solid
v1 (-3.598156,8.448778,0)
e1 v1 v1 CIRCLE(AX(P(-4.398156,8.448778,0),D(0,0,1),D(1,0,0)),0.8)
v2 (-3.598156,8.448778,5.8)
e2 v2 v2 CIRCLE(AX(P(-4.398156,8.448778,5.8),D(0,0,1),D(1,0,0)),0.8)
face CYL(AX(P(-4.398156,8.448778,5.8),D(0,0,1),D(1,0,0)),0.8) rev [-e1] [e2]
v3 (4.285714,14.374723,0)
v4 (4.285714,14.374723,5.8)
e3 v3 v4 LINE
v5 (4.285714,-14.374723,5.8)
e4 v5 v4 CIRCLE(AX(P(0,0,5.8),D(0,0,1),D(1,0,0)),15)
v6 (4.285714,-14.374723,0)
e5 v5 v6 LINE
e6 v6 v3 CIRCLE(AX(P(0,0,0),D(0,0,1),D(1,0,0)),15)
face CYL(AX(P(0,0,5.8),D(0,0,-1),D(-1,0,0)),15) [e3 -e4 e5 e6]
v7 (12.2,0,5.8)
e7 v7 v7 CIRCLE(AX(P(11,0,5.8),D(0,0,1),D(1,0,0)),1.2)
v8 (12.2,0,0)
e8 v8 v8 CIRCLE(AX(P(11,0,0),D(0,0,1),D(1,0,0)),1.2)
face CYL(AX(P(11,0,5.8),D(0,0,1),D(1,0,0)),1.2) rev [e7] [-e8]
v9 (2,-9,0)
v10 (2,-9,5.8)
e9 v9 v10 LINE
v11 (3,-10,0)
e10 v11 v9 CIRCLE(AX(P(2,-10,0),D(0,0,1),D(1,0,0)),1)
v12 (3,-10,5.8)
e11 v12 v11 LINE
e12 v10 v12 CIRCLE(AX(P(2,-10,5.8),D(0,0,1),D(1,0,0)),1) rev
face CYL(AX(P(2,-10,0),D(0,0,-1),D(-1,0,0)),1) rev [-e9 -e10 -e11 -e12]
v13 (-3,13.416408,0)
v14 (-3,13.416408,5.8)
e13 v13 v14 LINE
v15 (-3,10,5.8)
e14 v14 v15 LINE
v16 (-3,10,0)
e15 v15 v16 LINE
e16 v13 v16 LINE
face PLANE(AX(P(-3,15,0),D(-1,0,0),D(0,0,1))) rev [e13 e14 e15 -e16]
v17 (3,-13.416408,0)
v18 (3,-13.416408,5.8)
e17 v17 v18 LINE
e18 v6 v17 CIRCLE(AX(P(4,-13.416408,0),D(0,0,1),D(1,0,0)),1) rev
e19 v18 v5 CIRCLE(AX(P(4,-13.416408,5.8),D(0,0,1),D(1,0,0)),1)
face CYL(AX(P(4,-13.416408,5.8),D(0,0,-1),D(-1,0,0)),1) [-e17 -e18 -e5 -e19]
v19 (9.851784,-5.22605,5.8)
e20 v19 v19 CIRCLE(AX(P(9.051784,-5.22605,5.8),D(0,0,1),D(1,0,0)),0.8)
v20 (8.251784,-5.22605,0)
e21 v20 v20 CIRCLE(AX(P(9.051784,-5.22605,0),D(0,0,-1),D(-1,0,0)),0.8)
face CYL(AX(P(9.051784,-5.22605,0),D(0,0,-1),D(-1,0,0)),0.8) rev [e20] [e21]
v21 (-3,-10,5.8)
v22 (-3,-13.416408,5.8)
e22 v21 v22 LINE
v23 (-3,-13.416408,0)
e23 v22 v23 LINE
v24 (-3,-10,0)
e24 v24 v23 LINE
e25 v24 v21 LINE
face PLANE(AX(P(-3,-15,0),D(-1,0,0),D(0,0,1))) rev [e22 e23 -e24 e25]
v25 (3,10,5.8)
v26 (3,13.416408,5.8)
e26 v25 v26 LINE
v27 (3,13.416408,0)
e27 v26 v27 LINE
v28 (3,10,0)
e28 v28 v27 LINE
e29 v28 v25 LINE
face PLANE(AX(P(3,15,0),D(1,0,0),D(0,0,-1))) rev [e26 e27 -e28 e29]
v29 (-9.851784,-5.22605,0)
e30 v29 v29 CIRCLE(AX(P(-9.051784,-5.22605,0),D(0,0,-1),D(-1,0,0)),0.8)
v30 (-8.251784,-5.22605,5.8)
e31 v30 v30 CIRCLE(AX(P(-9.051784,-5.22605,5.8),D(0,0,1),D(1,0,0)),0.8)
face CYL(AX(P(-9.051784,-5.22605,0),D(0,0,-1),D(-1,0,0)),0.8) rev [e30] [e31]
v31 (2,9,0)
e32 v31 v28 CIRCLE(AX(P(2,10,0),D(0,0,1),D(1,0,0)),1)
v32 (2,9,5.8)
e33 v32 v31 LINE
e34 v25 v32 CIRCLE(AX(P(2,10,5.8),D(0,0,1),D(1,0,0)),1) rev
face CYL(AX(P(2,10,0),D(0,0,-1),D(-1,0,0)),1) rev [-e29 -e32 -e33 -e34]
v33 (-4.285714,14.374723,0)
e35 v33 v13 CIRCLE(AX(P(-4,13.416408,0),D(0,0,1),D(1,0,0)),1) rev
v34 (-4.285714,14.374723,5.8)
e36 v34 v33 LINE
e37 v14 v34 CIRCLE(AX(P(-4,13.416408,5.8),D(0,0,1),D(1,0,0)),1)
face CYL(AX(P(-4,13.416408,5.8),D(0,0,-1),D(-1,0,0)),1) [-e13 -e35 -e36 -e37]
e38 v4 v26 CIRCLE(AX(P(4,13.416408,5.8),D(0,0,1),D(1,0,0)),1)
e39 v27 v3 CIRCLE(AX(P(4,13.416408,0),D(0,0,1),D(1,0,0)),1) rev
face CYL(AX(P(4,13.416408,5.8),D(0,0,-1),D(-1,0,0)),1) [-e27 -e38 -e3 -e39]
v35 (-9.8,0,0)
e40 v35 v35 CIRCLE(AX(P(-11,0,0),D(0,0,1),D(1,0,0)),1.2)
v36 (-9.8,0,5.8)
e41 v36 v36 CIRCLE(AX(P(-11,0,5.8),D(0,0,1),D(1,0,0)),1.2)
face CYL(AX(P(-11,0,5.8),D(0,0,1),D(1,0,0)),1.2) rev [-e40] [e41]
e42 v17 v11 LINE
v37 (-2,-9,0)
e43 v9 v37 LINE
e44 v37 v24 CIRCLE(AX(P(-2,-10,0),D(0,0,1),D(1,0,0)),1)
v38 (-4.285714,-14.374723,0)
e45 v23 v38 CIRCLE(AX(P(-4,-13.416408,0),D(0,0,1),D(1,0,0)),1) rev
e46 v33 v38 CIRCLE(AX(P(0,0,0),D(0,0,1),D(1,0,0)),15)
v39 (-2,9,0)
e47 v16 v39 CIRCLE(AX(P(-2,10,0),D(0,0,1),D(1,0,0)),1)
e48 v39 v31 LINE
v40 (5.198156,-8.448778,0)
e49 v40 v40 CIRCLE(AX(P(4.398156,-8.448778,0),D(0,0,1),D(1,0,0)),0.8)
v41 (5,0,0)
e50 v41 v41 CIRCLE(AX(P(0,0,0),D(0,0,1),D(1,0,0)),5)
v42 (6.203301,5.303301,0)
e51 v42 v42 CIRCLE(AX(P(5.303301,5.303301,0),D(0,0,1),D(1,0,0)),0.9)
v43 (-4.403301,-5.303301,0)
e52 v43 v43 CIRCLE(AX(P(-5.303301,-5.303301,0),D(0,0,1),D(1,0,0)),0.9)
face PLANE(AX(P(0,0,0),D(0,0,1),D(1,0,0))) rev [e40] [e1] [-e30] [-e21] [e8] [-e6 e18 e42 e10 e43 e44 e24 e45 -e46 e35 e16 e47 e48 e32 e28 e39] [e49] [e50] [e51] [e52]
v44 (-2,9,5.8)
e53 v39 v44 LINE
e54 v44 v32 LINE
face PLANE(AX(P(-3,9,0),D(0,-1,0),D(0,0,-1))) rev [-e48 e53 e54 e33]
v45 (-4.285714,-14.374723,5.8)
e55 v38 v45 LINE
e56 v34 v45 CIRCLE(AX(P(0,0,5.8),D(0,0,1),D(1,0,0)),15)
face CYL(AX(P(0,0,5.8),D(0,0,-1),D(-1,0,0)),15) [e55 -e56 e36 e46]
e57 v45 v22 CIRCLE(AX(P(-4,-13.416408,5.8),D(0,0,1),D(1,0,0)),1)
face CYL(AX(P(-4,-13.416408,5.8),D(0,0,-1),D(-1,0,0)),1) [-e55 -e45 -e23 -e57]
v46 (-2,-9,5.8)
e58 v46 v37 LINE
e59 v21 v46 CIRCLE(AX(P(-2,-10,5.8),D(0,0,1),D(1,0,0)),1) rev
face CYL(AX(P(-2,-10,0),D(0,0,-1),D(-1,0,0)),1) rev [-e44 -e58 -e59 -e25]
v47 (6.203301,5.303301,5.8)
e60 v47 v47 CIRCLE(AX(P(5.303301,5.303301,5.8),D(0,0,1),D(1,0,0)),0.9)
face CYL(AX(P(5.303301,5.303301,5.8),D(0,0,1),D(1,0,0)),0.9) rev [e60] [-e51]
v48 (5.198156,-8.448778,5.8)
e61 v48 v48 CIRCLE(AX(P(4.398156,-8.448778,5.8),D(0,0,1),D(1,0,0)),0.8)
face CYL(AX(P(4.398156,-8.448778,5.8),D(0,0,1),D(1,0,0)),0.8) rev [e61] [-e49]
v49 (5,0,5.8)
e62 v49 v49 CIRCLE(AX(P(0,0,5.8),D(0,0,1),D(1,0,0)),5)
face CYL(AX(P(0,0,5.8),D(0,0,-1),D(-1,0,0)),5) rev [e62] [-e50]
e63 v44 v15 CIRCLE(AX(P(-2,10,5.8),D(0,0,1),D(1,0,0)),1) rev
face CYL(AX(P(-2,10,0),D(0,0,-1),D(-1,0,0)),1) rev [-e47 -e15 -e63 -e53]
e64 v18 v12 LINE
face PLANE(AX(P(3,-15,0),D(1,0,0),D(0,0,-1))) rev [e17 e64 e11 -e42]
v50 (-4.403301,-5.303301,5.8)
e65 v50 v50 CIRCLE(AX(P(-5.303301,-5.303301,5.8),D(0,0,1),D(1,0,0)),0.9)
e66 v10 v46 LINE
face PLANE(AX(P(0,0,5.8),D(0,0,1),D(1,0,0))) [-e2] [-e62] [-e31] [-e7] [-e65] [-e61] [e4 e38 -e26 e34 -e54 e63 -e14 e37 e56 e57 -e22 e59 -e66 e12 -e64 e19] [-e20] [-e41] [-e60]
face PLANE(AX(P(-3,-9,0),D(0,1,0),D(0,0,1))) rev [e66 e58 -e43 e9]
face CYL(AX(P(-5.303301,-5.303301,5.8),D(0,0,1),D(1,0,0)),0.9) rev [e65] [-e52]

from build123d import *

# Parameters (mm, degrees)
SKETCH1_R                  = 15
SKETCH1_R_2                = 5
BOSS_EXTRUDE1_DEPTH        = 5.8
M2_CLEARANCE_HOLE1_D       = 2.4
M2_CLEARANCE_HOLE1_DEPTH   = 25.4
M2_CLEARANCE_HOLE1_TIP     = 0.721032743
M1_6_CLEARANCE_HOLE1_D     = 1.8
M1_6_CLEARANCE_HOLE1_DEPTH = 25.4
M1_6_CLEARANCE_HOLE1_TIP   = 0.540774557
SKETCH8_W                  = 6
SKETCH8_H                  = 6
CUT_EXTRUDE1_DEPTH         = 22.99181666
FILLET1_R                  = 1
M2X0_4_TAPPED_HOLE1_D      = 1.6
M2X0_4_TAPPED_HOLE1_DEPTH  = 5.99948
M2X0_4_TAPPED_HOLE1_TIP    = 0.480688495
M2X0_4_TAPPED_HOLE2_D      = 1.6
M2X0_4_TAPPED_HOLE2_DEPTH  = 5.99948
M2X0_4_TAPPED_HOLE2_TIP    = 0.480688495


with BuildPart() as part:
    # Sketch1 → Boss-Extrude1 (new body)
    with BuildSketch(Plane.XY):
        Circle(SKETCH1_R)
        Circle(SKETCH1_R_2, mode=Mode.SUBTRACT)
    extrude(amount=BOSS_EXTRUDE1_DEPTH)

    # M2 Clearance Hole1
    with Locations(Plane.XY.offset(5.8)):
        with Locations((-11, 0), (11, 0)):
            Hole(M2_CLEARANCE_HOLE1_D / 2, depth=M2_CLEARANCE_HOLE1_DEPTH)
            with Locations((0, 0, -(M2_CLEARANCE_HOLE1_DEPTH + M2_CLEARANCE_HOLE1_TIP / 2))):  # 118° drill point
                Cone(0, M2_CLEARANCE_HOLE1_D / 2, M2_CLEARANCE_HOLE1_TIP, mode=Mode.SUBTRACT)

    # M1.6 Clearance Hole1
    with Locations(Plane.XY.offset(5.8)):
        with Locations((5.303300859, 5.303300859), (-5.303300859, -5.303300859)):
            Hole(M1_6_CLEARANCE_HOLE1_D / 2, depth=M1_6_CLEARANCE_HOLE1_DEPTH)
            with Locations((0, 0, -(M1_6_CLEARANCE_HOLE1_DEPTH + M1_6_CLEARANCE_HOLE1_TIP / 2))):  # 118° drill point
                Cone(0, M1_6_CLEARANCE_HOLE1_D / 2, M1_6_CLEARANCE_HOLE1_TIP, mode=Mode.SUBTRACT)

    # Sketch8 → Cut-Extrude1 (cut, through all)
    with BuildSketch(Plane.XY.offset(5.8)):
        with Locations((0, -12)):
            Rectangle(SKETCH8_W, SKETCH8_H)
        with Locations((0, 12)):
            Rectangle(SKETCH8_W, SKETCH8_H)
    extrude(amount=-CUT_EXTRUDE1_DEPTH, mode=Mode.SUBTRACT)

    # Fillet1
    fillet1_edges = [part.edges().sort_by_distance(p)[0] for p in [
        (-3, -14.696938457, 2.9),
        (3, -14.696938457, 2.9),
        (3, -9, 2.9),
        (-3, -9, 2.9),
        (-3, 14.696938457, 2.9),
        (3, 14.696938457, 2.9),
        (-3, 9, 2.9),
        (3, 9, 2.9),
    ]]
    fillet(fillet1_edges, radius=FILLET1_R)

    # M2x0.4 Tapped Hole1
    with Locations(Plane.XY.offset(5.8)):
        with Locations((-4.398155541, 8.448778186), (4.398155541, -8.448778186)):
            Hole(M2X0_4_TAPPED_HOLE1_D / 2, depth=M2X0_4_TAPPED_HOLE1_DEPTH)
            with Locations((0, 0, -(M2X0_4_TAPPED_HOLE1_DEPTH + M2X0_4_TAPPED_HOLE1_TIP / 2))):  # 118° drill point
                Cone(0, M2X0_4_TAPPED_HOLE1_D / 2, M2X0_4_TAPPED_HOLE1_TIP, mode=Mode.SUBTRACT)

    # M2x0.4 Tapped Hole2
    with Locations(Plane(origin=(0, 0, 0), x_dir=(-1, 0, 0), z_dir=(0, 0, -1))):
        with Locations((9.051784123, -5.22605), (-9.051784123, -5.22605), (0, 10.4521)):
            Hole(M2X0_4_TAPPED_HOLE2_D / 2, depth=M2X0_4_TAPPED_HOLE2_DEPTH)
            with Locations((0, 0, -(M2X0_4_TAPPED_HOLE2_DEPTH + M2X0_4_TAPPED_HOLE2_TIP / 2))):  # 118° drill point
                Cone(0, M2X0_4_TAPPED_HOLE2_D / 2, M2X0_4_TAPPED_HOLE2_TIP, mode=Mode.SUBTRACT)


solid = part.part
